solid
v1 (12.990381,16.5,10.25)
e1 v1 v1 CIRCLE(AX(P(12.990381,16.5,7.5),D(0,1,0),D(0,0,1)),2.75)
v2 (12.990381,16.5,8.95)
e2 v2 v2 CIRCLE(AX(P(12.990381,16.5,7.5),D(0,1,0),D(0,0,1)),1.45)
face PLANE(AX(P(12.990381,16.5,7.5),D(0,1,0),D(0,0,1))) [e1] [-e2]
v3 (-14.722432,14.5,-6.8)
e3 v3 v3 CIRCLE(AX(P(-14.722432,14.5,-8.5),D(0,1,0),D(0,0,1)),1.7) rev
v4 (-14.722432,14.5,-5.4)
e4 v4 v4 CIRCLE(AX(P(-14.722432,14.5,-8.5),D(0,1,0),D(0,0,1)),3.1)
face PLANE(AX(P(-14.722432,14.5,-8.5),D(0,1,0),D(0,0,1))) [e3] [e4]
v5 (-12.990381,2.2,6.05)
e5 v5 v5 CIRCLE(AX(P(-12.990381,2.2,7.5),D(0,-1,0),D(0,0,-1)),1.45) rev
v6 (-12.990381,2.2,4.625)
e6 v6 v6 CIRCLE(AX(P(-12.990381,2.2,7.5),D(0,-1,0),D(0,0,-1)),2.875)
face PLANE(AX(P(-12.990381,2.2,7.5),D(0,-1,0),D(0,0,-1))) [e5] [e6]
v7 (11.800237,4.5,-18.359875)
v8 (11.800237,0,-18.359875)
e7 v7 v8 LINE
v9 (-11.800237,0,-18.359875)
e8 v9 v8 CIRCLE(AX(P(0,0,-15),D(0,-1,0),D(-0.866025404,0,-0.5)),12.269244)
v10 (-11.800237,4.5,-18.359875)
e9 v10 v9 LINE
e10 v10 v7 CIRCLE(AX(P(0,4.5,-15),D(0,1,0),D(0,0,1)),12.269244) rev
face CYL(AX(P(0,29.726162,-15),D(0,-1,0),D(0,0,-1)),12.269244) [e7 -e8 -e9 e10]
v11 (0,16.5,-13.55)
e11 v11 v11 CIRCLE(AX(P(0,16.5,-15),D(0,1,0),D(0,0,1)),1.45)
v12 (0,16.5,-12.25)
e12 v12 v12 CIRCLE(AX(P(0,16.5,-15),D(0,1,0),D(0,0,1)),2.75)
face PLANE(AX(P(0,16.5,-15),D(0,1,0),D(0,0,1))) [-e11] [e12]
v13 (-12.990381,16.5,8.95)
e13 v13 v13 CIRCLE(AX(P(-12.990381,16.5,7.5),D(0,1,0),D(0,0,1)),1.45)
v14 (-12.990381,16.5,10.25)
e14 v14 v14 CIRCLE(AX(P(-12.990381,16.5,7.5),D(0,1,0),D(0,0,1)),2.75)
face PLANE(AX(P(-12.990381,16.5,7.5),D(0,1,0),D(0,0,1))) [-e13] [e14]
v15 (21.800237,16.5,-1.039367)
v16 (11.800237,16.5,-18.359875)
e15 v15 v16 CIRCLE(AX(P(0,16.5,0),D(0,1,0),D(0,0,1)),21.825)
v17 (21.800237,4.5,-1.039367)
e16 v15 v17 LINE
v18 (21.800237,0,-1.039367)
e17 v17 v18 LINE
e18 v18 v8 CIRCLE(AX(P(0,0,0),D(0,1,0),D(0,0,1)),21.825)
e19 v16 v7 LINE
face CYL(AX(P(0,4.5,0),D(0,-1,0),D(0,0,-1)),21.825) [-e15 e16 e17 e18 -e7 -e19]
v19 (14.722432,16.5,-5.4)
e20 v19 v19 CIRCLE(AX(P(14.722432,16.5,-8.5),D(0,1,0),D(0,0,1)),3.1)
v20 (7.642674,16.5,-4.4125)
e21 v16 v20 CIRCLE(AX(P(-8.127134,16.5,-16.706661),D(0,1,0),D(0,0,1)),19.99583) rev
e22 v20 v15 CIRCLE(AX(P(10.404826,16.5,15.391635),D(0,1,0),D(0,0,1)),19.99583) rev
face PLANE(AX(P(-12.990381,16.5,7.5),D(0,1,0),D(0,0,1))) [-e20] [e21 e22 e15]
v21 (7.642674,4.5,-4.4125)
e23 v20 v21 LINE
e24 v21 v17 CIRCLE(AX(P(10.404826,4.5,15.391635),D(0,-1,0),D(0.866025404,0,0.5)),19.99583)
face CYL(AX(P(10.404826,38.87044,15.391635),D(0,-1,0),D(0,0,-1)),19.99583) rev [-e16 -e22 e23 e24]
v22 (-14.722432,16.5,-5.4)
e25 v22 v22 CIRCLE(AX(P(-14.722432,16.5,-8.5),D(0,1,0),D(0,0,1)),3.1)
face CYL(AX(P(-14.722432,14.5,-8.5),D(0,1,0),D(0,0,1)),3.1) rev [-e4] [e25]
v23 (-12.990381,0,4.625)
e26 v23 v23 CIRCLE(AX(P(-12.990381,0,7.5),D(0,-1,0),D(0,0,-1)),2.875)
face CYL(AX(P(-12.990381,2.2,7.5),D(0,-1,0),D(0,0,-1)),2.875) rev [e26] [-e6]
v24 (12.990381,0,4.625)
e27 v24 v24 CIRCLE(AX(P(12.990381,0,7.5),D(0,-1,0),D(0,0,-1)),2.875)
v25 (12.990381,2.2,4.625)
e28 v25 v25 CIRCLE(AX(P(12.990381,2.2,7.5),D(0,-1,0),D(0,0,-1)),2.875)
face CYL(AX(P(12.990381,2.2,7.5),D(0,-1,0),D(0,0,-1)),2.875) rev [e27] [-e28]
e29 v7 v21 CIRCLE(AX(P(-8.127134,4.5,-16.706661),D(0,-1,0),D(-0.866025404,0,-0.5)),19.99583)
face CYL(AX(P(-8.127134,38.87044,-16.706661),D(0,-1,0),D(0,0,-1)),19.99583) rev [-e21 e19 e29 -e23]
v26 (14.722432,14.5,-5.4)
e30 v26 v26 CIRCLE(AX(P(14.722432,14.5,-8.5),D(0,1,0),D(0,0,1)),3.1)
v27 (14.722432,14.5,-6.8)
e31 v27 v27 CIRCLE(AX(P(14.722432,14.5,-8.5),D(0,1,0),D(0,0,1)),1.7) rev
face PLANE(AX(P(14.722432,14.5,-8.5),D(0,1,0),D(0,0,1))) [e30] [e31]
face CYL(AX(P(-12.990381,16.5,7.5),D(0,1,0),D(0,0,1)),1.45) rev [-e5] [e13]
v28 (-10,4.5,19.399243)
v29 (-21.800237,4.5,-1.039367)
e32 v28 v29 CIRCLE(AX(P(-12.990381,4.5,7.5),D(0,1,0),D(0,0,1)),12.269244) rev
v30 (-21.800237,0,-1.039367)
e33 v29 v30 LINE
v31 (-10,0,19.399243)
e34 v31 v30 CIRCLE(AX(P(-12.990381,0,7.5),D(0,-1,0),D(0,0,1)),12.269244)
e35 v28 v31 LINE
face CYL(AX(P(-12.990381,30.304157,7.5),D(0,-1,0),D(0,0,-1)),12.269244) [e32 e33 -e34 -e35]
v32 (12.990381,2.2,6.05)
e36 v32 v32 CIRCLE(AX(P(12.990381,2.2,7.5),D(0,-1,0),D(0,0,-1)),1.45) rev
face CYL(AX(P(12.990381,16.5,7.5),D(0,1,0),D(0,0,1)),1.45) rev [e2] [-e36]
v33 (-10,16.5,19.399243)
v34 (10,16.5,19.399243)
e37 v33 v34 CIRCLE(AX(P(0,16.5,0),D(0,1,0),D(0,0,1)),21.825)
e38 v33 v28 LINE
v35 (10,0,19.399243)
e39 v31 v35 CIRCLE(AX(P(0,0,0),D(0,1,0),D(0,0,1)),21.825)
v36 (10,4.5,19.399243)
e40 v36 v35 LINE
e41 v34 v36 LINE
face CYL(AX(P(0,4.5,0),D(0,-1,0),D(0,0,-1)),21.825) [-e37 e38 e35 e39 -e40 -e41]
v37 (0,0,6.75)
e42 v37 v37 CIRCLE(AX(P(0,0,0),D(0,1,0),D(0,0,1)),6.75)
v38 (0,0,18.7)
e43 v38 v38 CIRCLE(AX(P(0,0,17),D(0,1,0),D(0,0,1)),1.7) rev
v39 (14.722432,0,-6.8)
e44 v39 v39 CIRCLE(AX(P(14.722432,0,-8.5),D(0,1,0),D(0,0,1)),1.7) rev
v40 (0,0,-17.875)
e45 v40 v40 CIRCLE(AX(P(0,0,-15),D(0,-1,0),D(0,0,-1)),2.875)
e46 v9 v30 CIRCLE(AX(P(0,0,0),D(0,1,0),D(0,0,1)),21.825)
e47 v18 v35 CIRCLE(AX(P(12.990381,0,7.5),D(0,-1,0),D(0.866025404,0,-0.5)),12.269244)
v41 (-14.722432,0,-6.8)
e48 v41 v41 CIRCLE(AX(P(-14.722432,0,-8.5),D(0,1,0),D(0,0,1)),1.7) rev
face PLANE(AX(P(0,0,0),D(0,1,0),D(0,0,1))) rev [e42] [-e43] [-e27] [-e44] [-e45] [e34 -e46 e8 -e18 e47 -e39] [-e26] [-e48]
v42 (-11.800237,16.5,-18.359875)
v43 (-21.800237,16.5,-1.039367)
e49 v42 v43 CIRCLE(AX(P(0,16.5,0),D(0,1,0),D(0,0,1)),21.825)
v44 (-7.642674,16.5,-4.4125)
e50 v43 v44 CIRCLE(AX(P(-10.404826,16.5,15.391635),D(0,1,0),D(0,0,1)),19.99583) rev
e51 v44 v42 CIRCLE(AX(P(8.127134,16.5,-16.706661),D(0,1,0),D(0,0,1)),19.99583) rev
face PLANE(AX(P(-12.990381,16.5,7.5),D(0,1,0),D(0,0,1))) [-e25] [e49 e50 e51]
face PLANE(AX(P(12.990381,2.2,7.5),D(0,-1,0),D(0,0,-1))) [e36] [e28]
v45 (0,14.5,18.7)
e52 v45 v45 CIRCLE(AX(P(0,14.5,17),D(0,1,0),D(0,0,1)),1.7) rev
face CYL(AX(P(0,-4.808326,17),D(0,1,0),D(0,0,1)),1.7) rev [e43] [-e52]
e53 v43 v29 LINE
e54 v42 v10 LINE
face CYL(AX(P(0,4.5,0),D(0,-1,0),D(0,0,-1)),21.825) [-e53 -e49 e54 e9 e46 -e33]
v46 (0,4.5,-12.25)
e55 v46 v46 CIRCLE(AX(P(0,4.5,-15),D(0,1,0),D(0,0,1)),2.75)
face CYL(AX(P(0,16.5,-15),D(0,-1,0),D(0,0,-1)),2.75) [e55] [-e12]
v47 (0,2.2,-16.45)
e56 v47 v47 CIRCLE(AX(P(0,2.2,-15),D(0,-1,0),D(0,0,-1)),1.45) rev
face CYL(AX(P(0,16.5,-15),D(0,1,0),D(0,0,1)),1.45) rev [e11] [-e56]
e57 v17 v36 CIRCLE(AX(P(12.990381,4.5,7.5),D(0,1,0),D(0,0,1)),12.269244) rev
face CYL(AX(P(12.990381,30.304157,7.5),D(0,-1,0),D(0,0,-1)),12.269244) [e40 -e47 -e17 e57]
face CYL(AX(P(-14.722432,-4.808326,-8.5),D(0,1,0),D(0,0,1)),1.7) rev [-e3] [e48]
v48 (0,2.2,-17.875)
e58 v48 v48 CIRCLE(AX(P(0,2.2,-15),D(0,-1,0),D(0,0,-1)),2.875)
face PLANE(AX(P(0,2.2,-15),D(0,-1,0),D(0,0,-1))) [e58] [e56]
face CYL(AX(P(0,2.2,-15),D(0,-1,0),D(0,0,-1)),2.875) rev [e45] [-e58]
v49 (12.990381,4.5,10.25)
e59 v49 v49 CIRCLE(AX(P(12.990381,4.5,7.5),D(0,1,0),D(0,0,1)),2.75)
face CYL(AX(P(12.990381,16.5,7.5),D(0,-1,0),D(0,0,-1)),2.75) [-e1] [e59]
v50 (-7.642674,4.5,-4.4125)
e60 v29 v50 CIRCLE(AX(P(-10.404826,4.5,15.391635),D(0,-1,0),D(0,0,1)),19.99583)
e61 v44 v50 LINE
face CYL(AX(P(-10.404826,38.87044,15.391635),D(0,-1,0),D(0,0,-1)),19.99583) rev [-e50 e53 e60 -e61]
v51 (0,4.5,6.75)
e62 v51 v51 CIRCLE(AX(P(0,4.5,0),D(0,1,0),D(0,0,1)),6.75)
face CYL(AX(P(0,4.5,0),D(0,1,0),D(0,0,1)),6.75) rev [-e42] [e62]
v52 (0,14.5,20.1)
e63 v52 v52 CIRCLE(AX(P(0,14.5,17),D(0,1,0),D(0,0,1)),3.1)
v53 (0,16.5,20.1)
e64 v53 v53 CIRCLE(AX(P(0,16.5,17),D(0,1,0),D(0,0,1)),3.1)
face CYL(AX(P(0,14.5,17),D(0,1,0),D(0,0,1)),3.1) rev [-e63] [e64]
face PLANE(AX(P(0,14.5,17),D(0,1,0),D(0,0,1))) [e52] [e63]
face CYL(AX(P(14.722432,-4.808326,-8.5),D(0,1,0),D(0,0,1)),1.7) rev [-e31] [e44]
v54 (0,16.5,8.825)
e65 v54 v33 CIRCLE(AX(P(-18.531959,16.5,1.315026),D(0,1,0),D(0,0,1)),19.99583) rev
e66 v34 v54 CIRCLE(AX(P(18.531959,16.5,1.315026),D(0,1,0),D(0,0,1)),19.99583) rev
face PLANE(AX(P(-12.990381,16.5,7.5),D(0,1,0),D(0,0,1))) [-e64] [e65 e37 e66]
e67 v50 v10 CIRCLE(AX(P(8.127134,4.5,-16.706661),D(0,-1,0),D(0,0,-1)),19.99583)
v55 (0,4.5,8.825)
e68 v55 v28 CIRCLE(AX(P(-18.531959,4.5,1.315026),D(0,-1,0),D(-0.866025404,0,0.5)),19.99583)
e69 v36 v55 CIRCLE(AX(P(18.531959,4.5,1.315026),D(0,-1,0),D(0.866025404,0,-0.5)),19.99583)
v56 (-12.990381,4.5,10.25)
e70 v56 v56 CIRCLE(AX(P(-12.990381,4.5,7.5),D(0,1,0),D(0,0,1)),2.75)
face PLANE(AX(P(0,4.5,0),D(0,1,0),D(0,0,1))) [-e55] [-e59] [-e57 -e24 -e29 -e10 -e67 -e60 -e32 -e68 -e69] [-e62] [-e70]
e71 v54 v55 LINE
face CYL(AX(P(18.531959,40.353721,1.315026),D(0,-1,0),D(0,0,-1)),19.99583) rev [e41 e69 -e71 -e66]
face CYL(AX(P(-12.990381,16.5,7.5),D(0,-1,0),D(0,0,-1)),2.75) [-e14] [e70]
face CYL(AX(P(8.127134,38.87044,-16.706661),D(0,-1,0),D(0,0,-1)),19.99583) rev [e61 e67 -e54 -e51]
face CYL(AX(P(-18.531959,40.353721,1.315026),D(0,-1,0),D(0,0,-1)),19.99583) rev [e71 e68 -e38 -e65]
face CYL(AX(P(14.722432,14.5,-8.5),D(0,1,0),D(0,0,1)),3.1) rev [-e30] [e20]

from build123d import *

# Parameters (mm, degrees)
CROQUIS1_R                     = 21.825
SALIENTE_EXTRUIR1_DEPTH        = 4.5
CROQUIS2_R                     = 2.75
SALIENTE_EXTRUIR2_DEPTH        = 12
TALADRO_DE_MARGEN_PARA_M121_D  = 13.5
SALIENTE_EXTRUIR3_DEPTH        = 12
CROQUIS8_R                     = 1.7
CORTAR_EXTRUIR1_DEPTH          = 16.5
MATRIZC1_COUNT                 = 3
TALADRO_DE_MARGEN_PARA_M2_51_D = 2.9
SALIENTE_EXTRUIR5_DEPTH        = 4.5
MATRIZC2_COUNT                 = 3
CROQUIS12_R                    = 2.875
CORTAR_EXTRUIR2_DEPTH          = 2.2
CROQUIS13_R                    = 3.1
CORTAR_EXTRUIR3_DEPTH          = 2


with BuildPart() as part:
    # Croquis1 → Saliente-Extruir1 (new body)
    with BuildSketch(Plane(origin=(0, 0, 0), x_dir=(1, 0, 0), z_dir=(0, 1, 0))):
        Circle(CROQUIS1_R)
    extrude(amount=SALIENTE_EXTRUIR1_DEPTH)

    # Croquis2 → Saliente-Extruir2 (add)
    with BuildSketch(Plane(origin=(0, 4.5, 0), x_dir=(1, 0, 0), z_dir=(0, 1, 0))):
        with Locations((0, 15)):
            Circle(CROQUIS2_R)
        with Locations((12.990381057, -7.5)):
            Circle(CROQUIS2_R)
        with Locations((-12.990381057, -7.5)):
            Circle(CROQUIS2_R)
    extrude(amount=SALIENTE_EXTRUIR2_DEPTH)

    # Taladro de margen para M121 (through all)
    with Locations(Plane(origin=(0, 4.5, 0), x_dir=(1, 0, 0), z_dir=(0, 1, 0))):
        with Locations((0, 0)):
            Hole(TALADRO_DE_MARGEN_PARA_M121_D / 2)

    # Croquis5 → Saliente-Extruir3 (add)
    with BuildSketch(Plane(origin=(0, 4.5, 0), x_dir=(1, 0, 0), z_dir=(0, 1, 0))):
        with BuildLine():
            ThreePointArc((-7.642674188, 4.4125), (-11.035446071, 10.994501306), (-11.800237164, 18.359875487))
            ThreePointArc((-11.800237164, 18.359875487), (-18.901004438, 10.9125), (-21.800237164, 1.039367411))
            ThreePointArc((-21.800237164, 1.039367411), (-15.039240468, 4.059725986), (-7.642674188, 4.4125))
        make_face()
    saliente_extruir3 = extrude(amount=SALIENTE_EXTRUIR3_DEPTH)

    # Croquis8 → Cortar-Extruir1 (cut)
    with BuildSketch(Plane(origin=(0, 16.5, 0), x_dir=(1, 0, 0), z_dir=(0, 1, 0))):
        with Locations((-14.722431864, 8.5)):
            Circle(CROQUIS8_R)
    cortar_extruir1 = extrude(amount=-CORTAR_EXTRUIR1_DEPTH, mode=Mode.SUBTRACT)

    # MatrizC1: Saliente-Extruir3, Cortar-Extruir1 ×3 about axis
    matrizc1_axis = Axis((0, 0, 0), (0, 1, 0))
    for i in range(1, MATRIZC1_COUNT):
        add(saliente_extruir3.rotate(matrizc1_axis, i * 360 / MATRIZC1_COUNT))
        add(cortar_extruir1.rotate(matrizc1_axis, i * 360 / MATRIZC1_COUNT), mode=Mode.SUBTRACT)

    # Taladro de margen para M2.51 (through all)
    with Locations(Plane(origin=(0, 16.5, 0), x_dir=(1, 0, 0), z_dir=(0, 1, 0))):
        with Locations((12.990381057, -7.5), (-12.990381057, -7.5), (0, 15)):
            Hole(TALADRO_DE_MARGEN_PARA_M2_51_D / 2)

    # Croquis11 → Saliente-Extruir5 (add)
    with BuildSketch(Plane.XZ):
        with BuildLine():
            ThreePointArc((-10, 19.399242898), (-18.901004438, 10.9125), (-21.800237164, -1.039367411))
            ThreePointArc((-21.800237164, -1.039367411), (-23.615858472, 13.634622246), (-10, 19.399242898))
        make_face()
    saliente_extruir5 = extrude(amount=-SALIENTE_EXTRUIR5_DEPTH)

    # MatrizC2: Saliente-Extruir5 ×3 about axis
    matrizc2_axis = Axis((0, 0, 0), (0, 1, 0))
    for i in range(1, MATRIZC2_COUNT):
        add(saliente_extruir5.rotate(matrizc2_axis, i * 360 / MATRIZC2_COUNT))

    # Croquis12 → Cortar-Extruir2 (cut)
    with BuildSketch(Plane.XZ):
        with Locations((-12.990381057, 7.5)):
            Circle(CROQUIS12_R)
        with Locations((12.990381057, 7.5)):
            Circle(CROQUIS12_R)
        with Locations((0, -15)):
            Circle(CROQUIS12_R)
    extrude(amount=-CORTAR_EXTRUIR2_DEPTH, mode=Mode.SUBTRACT)

    # Croquis13 → Cortar-Extruir3 (cut)
    with BuildSketch(Plane(origin=(0, 16.5, 0), x_dir=(1, 0, 0), z_dir=(0, 1, 0))):
        with Locations((0, -17)):
            Circle(CROQUIS13_R)
        with Locations((-14.722431864, 8.5)):
            Circle(CROQUIS13_R)
        with Locations((14.722431864, 8.5)):
            Circle(CROQUIS13_R)
    extrude(amount=-CORTAR_EXTRUIR3_DEPTH, mode=Mode.SUBTRACT)


solid = part.part
